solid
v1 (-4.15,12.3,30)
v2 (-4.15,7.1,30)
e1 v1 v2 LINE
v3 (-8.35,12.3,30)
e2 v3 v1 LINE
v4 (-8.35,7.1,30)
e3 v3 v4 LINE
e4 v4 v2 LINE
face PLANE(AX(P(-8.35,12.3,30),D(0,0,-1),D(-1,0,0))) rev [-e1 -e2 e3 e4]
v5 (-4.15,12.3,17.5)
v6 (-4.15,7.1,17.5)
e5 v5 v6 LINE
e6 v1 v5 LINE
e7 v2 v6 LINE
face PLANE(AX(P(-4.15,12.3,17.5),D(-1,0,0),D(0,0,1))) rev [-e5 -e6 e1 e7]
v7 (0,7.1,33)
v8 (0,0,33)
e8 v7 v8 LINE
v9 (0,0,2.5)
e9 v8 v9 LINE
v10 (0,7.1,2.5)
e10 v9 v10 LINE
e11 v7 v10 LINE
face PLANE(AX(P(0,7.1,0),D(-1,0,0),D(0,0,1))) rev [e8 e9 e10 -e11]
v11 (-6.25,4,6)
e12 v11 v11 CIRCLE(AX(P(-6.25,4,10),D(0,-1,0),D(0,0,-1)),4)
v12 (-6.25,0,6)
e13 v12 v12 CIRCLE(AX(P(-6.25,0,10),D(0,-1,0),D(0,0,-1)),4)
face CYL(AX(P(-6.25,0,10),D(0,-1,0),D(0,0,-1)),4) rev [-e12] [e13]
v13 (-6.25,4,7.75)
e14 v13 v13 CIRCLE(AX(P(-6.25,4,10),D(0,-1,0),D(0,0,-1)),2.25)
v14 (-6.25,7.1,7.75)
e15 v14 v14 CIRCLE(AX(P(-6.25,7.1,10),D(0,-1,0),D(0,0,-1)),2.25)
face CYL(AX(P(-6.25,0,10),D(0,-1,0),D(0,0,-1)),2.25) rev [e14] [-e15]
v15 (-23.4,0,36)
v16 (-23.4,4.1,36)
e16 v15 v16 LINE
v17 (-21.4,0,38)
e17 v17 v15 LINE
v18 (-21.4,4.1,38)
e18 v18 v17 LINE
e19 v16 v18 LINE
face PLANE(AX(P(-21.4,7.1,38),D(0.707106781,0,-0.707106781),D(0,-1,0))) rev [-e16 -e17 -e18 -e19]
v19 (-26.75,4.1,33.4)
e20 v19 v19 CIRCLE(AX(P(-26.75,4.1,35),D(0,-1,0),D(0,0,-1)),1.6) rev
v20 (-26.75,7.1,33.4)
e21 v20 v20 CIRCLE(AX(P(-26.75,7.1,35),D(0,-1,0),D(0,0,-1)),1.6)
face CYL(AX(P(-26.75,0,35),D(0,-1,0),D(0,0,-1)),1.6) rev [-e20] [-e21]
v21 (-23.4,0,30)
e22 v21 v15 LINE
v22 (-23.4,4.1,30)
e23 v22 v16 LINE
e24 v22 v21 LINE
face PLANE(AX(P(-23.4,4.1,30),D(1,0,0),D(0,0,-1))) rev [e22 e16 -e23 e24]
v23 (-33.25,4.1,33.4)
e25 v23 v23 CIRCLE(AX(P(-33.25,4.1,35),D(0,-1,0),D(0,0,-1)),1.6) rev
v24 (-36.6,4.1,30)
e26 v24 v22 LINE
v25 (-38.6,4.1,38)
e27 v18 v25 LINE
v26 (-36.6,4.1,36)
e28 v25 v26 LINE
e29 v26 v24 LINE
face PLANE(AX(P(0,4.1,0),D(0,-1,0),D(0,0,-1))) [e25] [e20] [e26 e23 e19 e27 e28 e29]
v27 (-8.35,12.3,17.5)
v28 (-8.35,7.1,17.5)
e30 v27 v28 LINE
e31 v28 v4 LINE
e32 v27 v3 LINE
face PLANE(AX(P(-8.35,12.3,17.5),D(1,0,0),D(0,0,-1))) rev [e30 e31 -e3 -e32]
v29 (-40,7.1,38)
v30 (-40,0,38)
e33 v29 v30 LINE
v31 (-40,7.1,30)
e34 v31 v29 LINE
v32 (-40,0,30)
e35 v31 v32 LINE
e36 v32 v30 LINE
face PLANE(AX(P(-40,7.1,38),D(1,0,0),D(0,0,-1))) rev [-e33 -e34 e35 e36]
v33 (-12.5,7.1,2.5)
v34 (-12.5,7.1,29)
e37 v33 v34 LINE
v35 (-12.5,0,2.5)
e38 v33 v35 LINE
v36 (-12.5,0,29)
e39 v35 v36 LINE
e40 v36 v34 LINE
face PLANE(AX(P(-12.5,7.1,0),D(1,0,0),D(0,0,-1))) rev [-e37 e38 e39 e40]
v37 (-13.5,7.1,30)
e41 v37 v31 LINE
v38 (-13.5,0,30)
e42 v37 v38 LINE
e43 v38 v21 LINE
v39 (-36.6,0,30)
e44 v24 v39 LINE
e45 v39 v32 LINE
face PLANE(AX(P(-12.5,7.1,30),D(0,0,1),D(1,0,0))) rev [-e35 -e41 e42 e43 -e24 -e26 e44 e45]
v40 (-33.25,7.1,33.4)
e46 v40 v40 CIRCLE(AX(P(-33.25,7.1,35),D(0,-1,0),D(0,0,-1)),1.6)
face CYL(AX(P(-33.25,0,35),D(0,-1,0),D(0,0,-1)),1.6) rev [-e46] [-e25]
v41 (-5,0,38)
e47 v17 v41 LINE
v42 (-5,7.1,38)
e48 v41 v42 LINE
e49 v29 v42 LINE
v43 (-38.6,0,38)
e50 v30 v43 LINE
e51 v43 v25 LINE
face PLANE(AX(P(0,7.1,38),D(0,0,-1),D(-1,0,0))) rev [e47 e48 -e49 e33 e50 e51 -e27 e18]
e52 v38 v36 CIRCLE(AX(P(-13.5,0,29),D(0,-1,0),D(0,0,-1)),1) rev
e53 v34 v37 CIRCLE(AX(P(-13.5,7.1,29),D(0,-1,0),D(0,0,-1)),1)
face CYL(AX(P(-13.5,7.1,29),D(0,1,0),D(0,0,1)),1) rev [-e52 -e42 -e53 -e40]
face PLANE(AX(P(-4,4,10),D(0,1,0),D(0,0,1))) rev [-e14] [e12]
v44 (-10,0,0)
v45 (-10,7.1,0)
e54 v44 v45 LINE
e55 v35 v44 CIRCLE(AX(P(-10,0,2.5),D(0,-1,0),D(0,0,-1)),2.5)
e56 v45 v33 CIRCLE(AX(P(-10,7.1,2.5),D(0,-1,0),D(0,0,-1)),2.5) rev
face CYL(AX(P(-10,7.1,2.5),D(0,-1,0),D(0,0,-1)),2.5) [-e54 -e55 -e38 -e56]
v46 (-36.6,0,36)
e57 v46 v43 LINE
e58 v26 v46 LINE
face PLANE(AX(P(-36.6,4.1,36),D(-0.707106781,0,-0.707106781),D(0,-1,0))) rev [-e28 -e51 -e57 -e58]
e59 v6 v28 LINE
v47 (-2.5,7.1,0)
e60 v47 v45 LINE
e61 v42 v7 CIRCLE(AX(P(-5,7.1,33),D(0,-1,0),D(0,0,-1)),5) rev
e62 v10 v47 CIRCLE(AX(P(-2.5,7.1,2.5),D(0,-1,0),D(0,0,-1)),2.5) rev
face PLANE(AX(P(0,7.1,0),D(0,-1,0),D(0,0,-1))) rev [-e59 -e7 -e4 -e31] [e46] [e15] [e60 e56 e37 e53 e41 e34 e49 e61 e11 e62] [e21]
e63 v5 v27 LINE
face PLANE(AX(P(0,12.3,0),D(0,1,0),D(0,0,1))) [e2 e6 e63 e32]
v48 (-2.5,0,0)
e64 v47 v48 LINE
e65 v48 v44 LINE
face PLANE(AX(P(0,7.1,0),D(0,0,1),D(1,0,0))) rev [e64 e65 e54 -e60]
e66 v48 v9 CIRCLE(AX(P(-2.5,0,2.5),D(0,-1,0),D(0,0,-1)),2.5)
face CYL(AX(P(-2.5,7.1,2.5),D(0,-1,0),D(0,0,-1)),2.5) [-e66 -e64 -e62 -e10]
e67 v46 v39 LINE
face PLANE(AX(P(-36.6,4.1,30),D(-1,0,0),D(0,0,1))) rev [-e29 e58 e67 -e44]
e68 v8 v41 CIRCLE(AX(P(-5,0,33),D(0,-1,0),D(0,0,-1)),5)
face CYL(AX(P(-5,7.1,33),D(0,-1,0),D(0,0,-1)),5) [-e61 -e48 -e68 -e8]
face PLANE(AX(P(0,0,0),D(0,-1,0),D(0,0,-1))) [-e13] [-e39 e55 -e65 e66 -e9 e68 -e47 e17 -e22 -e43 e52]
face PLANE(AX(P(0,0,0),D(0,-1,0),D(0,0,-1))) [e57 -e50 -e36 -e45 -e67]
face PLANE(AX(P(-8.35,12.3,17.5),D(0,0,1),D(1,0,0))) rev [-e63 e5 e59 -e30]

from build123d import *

# Parameters (mm, degrees)
BOSS_EXTRUDE1_DEPTH            = 7.1
SKETCH2_W                      = 4.2
SKETCH2_H                      = 12.5
BOSS_EXTRUDE2_DEPTH            = 5.2
CBORE_FOR_M4_SHCS1_D           = 4.5
CBORE_FOR_M4_SHCS1_CBORE_D     = 8
CBORE_FOR_M4_SHCS1_CBORE_DEPTH = 4
F_3_2_3_2_DIAMETER_HOLE1_D     = 3.2
SKETCH7_W                      = 13.2
SKETCH7_H                      = 8
CUT_EXTRUDE1_DEPTH             = 4.1
FILLET1_R                      = 5
FILLET2_R                      = 2.5
FILLET3_R                      = 1
CHAMFER1_SIZE                  = 2


with BuildPart() as part:
    # Sketch1 → Boss-Extrude1 (new body)
    with BuildSketch(Plane(origin=(0, 0, 0), x_dir=(1, 0, 0), z_dir=(0, 1, 0))):
        Polygon((0, 0), (-12.5, 0), (-12.5, -30), (-40, -30), (-40, -38), (-12.5, -38), (0, -38), align=None)
    extrude(amount=BOSS_EXTRUDE1_DEPTH)

    # Sketch2 → Boss-Extrude2 (add)
    with BuildSketch(Plane(origin=(0, 7.1, 0), x_dir=(1, 0, 0), z_dir=(0, 1, 0))):
        with Locations((-6.25, -23.75)):
            Rectangle(SKETCH2_W, SKETCH2_H)
    extrude(amount=BOSS_EXTRUDE2_DEPTH)

    # CBORE for M4 SHCS1 (through all)
    with Locations(Plane.XZ):
        with Locations((-6.25, 10)):
            CounterBoreHole(CBORE_FOR_M4_SHCS1_D / 2, CBORE_FOR_M4_SHCS1_CBORE_D / 2, CBORE_FOR_M4_SHCS1_CBORE_DEPTH)

    # Ø3.2 (3.2) Diameter Hole1 (through all)
    with Locations(Plane.XZ):
        with Locations((-33.25, 35), (-26.75, 35)):
            Hole(F_3_2_3_2_DIAMETER_HOLE1_D / 2)

    # Sketch7 → Cut-Extrude1 (cut)
    with BuildSketch(Plane.XZ):
        with Locations((-30, 34)):
            Rectangle(SKETCH7_W, SKETCH7_H)
    extrude(amount=-CUT_EXTRUDE1_DEPTH, mode=Mode.SUBTRACT)

    # Fillet1
    fillet1_edges = [part.edges().sort_by_distance(p)[0] for p in [
        (0, 3.55, 38),
    ]]
    fillet(fillet1_edges, radius=FILLET1_R)

    # Fillet2
    fillet2_edges = [part.edges().sort_by_distance(p)[0] for p in [
        (-12.5, 3.55, 0),
        (0, 3.55, 0),
    ]]
    fillet(fillet2_edges, radius=FILLET2_R)

    # Fillet3
    fillet3_edges = [part.edges().sort_by_distance(p)[0] for p in [
        (-12.5, 3.55, 30),
    ]]
    fillet(fillet3_edges, radius=FILLET3_R)

    # Chamfer1
    chamfer1_edges = [part.edges().sort_by_distance(p)[0] for p in [
        (-23.4, 2.05, 38),
        (-36.6, 2.05, 38),
    ]]
    chamfer(chamfer1_edges, length=CHAMFER1_SIZE)


solid = part.part
